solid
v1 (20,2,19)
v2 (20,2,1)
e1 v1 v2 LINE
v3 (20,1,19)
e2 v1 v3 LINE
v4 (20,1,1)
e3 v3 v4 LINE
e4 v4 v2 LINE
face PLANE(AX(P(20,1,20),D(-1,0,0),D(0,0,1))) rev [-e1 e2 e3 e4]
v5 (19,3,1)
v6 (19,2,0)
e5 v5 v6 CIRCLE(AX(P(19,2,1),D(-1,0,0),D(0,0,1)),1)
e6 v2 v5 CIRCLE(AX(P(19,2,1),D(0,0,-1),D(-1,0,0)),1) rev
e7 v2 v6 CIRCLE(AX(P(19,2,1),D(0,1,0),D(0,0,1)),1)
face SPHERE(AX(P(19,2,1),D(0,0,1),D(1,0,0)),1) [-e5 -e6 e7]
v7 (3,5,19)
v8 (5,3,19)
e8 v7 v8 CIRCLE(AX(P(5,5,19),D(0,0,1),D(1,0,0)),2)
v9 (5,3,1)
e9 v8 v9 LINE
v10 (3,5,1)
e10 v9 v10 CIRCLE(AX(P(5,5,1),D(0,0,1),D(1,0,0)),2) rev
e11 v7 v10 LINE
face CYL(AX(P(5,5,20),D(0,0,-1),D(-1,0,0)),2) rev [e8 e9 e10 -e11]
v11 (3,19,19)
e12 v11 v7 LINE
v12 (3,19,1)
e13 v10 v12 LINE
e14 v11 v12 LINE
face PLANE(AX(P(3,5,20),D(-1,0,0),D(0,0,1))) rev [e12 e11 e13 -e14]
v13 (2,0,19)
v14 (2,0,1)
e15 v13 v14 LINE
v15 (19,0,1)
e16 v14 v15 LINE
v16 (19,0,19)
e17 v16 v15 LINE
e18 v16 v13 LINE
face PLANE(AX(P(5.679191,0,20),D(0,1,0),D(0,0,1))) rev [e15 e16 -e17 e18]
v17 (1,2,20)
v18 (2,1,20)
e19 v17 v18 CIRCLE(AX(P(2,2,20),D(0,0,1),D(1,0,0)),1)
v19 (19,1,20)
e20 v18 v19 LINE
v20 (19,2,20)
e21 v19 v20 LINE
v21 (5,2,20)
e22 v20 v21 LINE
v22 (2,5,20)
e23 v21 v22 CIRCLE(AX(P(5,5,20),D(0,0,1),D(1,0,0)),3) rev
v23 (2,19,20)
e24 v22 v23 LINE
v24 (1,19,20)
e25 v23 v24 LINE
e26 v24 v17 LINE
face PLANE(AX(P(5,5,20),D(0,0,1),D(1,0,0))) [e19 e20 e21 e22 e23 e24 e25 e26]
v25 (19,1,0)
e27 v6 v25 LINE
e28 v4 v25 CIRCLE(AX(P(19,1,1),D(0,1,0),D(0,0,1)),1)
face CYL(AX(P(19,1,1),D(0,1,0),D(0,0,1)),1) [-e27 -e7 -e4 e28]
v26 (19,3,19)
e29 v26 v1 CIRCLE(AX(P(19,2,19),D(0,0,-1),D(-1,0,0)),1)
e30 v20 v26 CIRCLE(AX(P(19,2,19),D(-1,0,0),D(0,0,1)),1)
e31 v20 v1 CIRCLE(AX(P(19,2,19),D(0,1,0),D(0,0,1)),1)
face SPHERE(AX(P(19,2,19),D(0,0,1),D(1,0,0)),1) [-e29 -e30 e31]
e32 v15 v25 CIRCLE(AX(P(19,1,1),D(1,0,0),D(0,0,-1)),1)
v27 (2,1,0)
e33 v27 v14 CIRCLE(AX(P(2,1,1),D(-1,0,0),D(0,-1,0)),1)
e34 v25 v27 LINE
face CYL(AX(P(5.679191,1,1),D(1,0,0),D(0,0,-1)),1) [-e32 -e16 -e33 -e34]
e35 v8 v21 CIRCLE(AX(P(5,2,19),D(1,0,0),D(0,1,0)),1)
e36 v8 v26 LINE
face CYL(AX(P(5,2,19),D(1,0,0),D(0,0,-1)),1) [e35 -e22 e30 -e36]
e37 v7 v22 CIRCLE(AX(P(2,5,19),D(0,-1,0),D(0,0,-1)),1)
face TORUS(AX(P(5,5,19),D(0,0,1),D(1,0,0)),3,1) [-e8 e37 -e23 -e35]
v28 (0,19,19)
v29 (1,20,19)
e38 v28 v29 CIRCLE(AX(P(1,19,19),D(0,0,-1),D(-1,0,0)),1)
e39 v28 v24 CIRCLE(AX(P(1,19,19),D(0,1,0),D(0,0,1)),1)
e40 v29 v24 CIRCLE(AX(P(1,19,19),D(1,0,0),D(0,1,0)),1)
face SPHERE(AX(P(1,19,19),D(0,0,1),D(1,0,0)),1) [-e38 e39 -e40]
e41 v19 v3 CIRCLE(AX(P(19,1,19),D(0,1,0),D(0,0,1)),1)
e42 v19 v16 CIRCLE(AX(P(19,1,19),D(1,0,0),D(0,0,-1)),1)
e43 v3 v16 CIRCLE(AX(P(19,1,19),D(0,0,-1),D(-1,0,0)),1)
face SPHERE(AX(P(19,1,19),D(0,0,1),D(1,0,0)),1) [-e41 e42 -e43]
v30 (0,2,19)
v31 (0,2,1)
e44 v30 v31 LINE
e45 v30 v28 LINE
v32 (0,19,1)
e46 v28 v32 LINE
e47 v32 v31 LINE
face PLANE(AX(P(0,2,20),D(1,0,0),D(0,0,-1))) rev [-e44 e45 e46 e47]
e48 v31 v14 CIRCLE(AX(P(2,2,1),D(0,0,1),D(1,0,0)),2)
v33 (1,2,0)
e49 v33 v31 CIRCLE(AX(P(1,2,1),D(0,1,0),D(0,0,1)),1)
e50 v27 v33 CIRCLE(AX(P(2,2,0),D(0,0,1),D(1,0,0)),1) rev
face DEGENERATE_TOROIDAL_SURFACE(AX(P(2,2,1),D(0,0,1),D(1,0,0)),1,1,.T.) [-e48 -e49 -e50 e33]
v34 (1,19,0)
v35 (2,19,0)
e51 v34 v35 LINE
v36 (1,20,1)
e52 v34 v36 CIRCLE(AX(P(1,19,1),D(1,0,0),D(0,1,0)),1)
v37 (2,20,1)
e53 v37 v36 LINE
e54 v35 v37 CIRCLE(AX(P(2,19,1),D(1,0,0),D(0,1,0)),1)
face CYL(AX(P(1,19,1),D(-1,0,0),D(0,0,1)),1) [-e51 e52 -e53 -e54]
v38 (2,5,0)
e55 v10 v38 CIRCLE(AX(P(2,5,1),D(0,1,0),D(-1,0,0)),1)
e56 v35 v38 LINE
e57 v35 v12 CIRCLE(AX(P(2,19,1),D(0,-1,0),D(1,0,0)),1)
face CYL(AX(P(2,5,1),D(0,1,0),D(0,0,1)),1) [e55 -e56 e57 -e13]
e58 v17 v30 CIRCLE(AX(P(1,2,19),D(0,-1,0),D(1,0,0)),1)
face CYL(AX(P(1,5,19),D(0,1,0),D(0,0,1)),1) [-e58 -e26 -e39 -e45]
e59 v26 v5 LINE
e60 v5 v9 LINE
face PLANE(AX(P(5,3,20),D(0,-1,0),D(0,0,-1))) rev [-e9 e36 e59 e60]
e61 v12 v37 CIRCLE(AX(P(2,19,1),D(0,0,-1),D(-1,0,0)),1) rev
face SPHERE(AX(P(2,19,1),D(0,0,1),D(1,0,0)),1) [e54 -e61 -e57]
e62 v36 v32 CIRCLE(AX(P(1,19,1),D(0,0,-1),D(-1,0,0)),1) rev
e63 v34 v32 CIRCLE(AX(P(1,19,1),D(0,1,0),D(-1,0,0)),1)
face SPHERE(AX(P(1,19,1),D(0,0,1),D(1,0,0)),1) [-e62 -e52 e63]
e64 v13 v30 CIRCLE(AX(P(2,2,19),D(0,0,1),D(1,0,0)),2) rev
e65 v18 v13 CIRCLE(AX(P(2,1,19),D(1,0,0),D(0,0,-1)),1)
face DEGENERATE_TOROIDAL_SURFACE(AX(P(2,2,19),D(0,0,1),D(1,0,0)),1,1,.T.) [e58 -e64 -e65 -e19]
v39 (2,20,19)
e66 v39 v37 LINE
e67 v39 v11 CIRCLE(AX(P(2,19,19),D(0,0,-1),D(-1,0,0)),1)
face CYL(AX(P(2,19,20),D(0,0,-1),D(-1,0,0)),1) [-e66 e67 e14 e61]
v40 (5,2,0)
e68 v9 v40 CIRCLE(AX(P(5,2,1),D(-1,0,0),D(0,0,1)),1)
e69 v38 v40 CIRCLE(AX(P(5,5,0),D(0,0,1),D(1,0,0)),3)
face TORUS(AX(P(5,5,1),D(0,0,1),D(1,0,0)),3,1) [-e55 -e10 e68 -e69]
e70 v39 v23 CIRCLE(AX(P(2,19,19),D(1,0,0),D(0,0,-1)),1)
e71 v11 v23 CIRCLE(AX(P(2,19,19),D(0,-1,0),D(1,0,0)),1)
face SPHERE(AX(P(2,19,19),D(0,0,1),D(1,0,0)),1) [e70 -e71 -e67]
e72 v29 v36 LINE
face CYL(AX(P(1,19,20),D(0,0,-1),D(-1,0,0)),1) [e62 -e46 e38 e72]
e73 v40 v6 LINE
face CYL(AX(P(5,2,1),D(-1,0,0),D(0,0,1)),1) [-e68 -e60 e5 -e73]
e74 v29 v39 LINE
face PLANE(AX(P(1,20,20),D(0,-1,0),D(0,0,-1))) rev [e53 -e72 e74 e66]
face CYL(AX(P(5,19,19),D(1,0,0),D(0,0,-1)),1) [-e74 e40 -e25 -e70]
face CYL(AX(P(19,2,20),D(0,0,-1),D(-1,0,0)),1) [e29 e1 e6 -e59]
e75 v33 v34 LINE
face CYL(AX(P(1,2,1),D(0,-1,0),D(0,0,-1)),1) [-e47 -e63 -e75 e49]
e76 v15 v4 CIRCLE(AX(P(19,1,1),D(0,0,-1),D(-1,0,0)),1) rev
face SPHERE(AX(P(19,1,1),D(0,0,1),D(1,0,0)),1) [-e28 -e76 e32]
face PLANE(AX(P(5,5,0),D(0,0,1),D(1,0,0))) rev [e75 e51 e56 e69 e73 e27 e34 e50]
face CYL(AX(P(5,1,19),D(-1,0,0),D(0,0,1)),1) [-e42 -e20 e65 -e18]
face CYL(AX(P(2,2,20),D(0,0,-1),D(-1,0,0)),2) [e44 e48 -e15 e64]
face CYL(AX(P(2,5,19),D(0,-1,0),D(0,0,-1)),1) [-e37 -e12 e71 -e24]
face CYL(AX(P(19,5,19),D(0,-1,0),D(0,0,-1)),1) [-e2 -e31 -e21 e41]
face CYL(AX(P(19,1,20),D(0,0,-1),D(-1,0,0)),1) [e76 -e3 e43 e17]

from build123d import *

# Parameters (mm, degrees)
BOSS_EXTRUDE1_DEPTH = 20
FILLET1_R           = 1


with BuildPart() as part:
    # Sketch1 → Boss-Extrude1 (new body)
    with BuildSketch(Plane.XY):
        with BuildLine():
            Line((5.679190751, 0), (19, 0))
            ThreePointArc((19, 0), (19.707106781, 0.292893219), (20, 1))
            Line((20, 1), (20, 2))
            ThreePointArc((20, 2), (19.707106781, 2.707106781), (19, 3))
            Line((19, 3), (5, 3))
            ThreePointArc((5, 3), (3.585786438, 3.585786438), (3, 5))
            Line((3, 5), (3, 19))
            ThreePointArc((3, 19), (2.707106781, 19.707106781), (2, 20))
            Line((2, 20), (1, 20))
            ThreePointArc((1, 20), (0.292893219, 19.707106781), (0, 19))
            Line((0, 19), (0, 2))
            ThreePointArc((0, 2), (0.585786438, 0.585786438), (2, 0))
            Line((2, 0), (5.679190751, 0))
        make_face()
    extrude(amount=BOSS_EXTRUDE1_DEPTH)

    # Fillet1
    fillet1_edges = [part.edges().sort_by_distance(p)[0] for p in [
        (2.707106781, 19.707106781, 20),
        (12, 3, 0),
        (19.707106781, 2.707106781, 0),
        (20, 1.5, 0),
        (19.707106781, 0.292893219, 0),
        (10.5, 0, 0),
        (0.585786438, 0.585786438, 0),
        (0, 10.5, 0),
        (0.292893219, 19.707106781, 0),
        (1.5, 20, 0),
        (1.5, 20, 20),
        (2.707106781, 19.707106781, 0),
        (3, 12, 0),
        (3.585786438, 3.585786438, 0),
        (0.292893219, 19.707106781, 20),
        (0, 10.5, 20),
        (0.585786438, 0.585786438, 20),
        (10.5, 0, 20),
        (19.707106781, 0.292893219, 20),
        (20, 1.5, 20),
        (19.707106781, 2.707106781, 20),
        (3.585786438, 3.585786438, 20),
        (12, 3, 20),
        (3, 12, 20),
    ]]
    fillet(fillet1_edges, radius=FILLET1_R)


solid = part.part
